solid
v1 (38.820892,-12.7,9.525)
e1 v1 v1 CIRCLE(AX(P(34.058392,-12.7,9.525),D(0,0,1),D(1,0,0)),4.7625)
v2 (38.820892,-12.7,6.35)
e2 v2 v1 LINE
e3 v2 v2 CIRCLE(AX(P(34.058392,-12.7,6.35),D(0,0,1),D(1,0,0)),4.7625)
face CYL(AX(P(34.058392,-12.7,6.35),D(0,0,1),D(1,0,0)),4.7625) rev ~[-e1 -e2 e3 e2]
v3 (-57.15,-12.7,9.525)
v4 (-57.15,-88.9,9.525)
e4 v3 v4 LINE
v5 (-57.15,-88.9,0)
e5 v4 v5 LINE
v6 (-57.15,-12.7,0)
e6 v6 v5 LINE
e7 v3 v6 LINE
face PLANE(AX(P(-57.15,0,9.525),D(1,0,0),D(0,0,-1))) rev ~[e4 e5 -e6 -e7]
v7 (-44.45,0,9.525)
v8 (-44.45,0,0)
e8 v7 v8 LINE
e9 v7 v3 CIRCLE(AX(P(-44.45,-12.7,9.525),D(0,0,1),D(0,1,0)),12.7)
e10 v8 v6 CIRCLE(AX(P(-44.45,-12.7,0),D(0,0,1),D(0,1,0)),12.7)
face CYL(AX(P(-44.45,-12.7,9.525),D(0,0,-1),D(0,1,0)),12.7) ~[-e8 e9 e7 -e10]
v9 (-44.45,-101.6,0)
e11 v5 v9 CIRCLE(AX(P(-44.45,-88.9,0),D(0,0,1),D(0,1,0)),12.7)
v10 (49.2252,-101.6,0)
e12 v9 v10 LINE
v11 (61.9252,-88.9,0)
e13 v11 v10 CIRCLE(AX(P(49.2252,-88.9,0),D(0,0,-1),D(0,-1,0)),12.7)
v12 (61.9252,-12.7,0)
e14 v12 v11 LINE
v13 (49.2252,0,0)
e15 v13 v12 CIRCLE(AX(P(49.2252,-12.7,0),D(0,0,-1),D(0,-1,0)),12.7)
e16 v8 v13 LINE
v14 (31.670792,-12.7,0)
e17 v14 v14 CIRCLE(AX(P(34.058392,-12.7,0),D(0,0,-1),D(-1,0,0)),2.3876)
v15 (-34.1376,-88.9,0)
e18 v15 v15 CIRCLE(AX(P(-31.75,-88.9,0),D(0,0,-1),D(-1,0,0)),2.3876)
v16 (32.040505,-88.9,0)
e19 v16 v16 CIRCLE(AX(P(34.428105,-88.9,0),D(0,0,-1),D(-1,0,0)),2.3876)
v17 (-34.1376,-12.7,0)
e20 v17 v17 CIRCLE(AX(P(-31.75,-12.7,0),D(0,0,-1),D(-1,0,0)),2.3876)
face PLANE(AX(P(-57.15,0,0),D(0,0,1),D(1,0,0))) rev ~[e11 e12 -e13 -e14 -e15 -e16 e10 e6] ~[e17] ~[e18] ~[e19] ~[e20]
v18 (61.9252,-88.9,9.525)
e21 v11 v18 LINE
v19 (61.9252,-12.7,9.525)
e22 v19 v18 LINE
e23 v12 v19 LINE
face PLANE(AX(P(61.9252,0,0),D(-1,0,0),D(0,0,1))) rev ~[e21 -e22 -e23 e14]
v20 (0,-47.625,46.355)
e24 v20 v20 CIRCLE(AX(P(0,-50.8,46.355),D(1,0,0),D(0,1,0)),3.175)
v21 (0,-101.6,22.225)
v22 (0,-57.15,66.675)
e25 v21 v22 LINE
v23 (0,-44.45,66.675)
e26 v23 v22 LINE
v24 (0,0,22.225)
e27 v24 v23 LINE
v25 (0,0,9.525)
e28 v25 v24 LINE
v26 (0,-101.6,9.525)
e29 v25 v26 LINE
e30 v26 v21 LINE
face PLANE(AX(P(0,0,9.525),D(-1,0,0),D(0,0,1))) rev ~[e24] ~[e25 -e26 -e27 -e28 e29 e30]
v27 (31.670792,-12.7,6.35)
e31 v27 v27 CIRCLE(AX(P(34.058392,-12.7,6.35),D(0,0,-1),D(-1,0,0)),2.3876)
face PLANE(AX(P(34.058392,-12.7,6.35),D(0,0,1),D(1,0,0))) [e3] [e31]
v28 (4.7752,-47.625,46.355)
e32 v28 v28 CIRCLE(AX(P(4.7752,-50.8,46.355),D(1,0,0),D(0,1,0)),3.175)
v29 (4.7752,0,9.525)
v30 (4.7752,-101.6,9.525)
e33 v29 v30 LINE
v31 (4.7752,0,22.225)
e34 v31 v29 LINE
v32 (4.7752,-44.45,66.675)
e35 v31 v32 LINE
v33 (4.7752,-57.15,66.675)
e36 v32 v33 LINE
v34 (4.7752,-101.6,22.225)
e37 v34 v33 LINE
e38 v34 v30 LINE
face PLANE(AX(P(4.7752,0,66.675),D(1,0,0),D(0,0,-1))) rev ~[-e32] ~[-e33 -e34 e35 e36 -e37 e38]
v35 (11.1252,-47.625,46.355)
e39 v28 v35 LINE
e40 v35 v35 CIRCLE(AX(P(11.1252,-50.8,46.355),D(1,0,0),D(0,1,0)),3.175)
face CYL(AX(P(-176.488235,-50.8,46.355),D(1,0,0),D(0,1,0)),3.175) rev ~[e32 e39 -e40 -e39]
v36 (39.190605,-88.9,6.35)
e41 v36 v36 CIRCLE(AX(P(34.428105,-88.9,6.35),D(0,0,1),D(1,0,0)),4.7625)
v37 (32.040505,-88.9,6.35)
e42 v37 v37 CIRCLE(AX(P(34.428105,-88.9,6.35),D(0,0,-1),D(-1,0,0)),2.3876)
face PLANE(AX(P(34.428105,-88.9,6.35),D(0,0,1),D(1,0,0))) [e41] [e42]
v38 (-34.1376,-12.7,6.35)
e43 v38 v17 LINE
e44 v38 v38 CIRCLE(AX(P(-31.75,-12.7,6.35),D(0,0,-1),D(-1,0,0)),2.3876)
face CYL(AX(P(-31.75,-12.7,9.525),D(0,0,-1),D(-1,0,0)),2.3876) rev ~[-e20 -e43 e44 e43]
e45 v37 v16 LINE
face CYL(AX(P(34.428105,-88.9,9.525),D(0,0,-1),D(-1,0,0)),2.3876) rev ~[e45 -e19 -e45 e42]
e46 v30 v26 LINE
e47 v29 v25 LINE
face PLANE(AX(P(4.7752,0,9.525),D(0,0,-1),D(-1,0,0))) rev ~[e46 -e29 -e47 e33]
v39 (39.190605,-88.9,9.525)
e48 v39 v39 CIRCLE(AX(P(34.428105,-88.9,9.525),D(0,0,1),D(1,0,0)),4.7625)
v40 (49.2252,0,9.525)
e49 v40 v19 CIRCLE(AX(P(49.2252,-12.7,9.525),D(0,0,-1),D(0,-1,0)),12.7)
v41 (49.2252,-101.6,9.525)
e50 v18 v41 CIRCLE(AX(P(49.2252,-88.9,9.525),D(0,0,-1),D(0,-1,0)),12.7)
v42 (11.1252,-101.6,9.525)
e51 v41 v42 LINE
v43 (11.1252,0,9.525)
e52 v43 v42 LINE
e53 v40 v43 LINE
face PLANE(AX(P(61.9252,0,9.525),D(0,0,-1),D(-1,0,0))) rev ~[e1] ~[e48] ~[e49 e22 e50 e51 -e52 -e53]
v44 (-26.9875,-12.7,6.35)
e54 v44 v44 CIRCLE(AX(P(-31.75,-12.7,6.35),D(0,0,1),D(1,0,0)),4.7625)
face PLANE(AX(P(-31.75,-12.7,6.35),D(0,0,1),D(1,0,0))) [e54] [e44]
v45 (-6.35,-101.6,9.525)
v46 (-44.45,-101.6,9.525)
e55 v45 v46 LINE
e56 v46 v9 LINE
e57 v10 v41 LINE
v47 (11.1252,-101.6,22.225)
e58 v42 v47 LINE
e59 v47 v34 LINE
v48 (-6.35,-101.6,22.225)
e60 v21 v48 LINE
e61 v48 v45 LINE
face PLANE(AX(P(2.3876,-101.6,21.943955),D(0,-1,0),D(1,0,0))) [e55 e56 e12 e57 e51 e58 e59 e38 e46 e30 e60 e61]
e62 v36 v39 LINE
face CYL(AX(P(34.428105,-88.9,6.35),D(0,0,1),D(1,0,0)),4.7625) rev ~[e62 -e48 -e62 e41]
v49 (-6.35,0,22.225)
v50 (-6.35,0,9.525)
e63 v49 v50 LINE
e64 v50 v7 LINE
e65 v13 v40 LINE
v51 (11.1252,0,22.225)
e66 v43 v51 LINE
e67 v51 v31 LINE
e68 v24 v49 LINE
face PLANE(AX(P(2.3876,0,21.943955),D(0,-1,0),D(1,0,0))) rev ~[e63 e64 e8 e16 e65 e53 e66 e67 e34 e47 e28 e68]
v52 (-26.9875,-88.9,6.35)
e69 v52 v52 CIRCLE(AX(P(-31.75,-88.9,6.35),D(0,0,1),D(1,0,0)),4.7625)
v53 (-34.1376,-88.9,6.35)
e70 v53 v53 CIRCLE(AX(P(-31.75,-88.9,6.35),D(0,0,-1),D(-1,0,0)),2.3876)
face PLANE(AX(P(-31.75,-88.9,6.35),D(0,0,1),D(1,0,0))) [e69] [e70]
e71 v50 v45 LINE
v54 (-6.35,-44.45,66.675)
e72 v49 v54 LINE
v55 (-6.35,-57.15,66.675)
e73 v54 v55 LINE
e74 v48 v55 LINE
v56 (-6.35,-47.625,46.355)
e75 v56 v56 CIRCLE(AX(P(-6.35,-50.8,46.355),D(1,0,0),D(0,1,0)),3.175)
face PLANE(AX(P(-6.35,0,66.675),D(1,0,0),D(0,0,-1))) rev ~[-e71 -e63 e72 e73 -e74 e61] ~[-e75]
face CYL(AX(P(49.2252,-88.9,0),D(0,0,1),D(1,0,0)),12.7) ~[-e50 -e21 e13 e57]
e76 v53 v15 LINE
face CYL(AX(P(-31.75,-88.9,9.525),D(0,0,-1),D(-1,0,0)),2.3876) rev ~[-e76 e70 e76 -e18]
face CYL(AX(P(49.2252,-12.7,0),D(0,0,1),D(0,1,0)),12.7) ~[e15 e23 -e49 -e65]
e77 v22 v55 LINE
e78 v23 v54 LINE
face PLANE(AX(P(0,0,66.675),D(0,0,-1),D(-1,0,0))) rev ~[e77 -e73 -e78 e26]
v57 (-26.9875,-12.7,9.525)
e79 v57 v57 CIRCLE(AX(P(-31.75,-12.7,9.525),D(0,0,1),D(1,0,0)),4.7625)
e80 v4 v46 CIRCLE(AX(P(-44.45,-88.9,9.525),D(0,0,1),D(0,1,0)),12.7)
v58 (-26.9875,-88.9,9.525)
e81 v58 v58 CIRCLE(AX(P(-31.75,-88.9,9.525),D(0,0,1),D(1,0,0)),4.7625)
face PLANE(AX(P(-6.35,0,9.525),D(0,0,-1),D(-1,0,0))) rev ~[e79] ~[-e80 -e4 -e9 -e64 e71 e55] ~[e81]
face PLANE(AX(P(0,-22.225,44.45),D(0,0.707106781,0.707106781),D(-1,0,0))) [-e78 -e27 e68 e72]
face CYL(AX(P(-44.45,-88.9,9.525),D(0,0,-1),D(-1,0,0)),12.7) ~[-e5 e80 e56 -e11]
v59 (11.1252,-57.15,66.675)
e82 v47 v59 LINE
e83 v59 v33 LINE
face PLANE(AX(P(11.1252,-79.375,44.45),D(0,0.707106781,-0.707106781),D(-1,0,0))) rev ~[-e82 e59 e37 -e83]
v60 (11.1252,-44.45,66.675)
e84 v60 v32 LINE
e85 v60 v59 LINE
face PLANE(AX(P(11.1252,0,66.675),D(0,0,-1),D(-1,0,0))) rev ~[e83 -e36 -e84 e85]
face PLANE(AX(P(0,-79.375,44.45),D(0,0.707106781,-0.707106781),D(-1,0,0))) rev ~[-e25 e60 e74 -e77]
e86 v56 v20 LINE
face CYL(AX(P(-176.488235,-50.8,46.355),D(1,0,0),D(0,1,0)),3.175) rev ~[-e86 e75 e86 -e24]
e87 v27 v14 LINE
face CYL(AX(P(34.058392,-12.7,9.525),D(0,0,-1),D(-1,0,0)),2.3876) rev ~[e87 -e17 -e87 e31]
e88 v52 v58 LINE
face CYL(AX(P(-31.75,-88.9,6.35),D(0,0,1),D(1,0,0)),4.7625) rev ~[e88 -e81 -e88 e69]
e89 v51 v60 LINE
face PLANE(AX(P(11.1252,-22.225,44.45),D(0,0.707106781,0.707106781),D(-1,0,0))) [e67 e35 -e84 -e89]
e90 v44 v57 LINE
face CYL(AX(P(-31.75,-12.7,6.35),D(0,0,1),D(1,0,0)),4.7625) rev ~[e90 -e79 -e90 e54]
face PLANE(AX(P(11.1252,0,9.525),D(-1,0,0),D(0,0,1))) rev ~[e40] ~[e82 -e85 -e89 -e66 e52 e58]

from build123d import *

# Parameters (mm, degrees)
F1_DEPTH       = 101.6
F3_D           = 4.7752
F3_CBORE_D     = 9.525
F3_CBORE_DEPTH = 3.175
F5_D           = 6.35
F6_SIZE        = 44.45
F7_R           = 12.7


with BuildPart() as f1:
    # F0 (on Front) → F1 (new body)
    with BuildSketch(Plane.XZ):
        Polygon((-57.15, 9.525), (-57.15, 0), (61.9252, 0), (61.9252, 9.525), (11.1252, 9.525), (11.1252, 66.675), (4.7752, 66.675), (4.7752, 9.525), (0, 9.525), (0, 66.675), (-6.35, 66.675), (-6.35, 9.525), align=None)
    extrude(amount=F1_DEPTH)

    # F3 (through all)
    with Locations(Plane.XY.offset(9.525)):
        with Locations((34.428105, -88.9), (34.058392, -12.7), (-31.75, -12.7), (-31.75, -88.9)):
            CounterBoreHole(F3_D / 2, F3_CBORE_D / 2, F3_CBORE_DEPTH)

    # F5 (through all)
    with Locations(Plane(origin=(-6.35, 0, 0), x_dir=(0, -1, 0), z_dir=(-1, 0, 0))):
        with Locations((50.8, 46.355)):
            Hole(F5_D / 2)

    # F6
    f6_edges = [f1.edges().sort_by_distance(p)[0] for p in [
        (-3.175, -101.6, 66.675),
        (7.9502, -101.6, 66.675),
        (7.9502, 0, 66.675),
        (-3.175, 0, 66.675),
    ]]
    chamfer(f6_edges, length=F6_SIZE)

    # F7
    f7_edges = [f1.edges().sort_by_distance(p)[0] for p in [
        (-57.15, -101.6, 4.7625),
        (-57.15, 0, 4.7625),
        (61.9252, -101.6, 4.7625),
        (61.9252, 0, 4.7625),
    ]]
    fillet(f7_edges, radius=F7_R)


solid = f1.part
